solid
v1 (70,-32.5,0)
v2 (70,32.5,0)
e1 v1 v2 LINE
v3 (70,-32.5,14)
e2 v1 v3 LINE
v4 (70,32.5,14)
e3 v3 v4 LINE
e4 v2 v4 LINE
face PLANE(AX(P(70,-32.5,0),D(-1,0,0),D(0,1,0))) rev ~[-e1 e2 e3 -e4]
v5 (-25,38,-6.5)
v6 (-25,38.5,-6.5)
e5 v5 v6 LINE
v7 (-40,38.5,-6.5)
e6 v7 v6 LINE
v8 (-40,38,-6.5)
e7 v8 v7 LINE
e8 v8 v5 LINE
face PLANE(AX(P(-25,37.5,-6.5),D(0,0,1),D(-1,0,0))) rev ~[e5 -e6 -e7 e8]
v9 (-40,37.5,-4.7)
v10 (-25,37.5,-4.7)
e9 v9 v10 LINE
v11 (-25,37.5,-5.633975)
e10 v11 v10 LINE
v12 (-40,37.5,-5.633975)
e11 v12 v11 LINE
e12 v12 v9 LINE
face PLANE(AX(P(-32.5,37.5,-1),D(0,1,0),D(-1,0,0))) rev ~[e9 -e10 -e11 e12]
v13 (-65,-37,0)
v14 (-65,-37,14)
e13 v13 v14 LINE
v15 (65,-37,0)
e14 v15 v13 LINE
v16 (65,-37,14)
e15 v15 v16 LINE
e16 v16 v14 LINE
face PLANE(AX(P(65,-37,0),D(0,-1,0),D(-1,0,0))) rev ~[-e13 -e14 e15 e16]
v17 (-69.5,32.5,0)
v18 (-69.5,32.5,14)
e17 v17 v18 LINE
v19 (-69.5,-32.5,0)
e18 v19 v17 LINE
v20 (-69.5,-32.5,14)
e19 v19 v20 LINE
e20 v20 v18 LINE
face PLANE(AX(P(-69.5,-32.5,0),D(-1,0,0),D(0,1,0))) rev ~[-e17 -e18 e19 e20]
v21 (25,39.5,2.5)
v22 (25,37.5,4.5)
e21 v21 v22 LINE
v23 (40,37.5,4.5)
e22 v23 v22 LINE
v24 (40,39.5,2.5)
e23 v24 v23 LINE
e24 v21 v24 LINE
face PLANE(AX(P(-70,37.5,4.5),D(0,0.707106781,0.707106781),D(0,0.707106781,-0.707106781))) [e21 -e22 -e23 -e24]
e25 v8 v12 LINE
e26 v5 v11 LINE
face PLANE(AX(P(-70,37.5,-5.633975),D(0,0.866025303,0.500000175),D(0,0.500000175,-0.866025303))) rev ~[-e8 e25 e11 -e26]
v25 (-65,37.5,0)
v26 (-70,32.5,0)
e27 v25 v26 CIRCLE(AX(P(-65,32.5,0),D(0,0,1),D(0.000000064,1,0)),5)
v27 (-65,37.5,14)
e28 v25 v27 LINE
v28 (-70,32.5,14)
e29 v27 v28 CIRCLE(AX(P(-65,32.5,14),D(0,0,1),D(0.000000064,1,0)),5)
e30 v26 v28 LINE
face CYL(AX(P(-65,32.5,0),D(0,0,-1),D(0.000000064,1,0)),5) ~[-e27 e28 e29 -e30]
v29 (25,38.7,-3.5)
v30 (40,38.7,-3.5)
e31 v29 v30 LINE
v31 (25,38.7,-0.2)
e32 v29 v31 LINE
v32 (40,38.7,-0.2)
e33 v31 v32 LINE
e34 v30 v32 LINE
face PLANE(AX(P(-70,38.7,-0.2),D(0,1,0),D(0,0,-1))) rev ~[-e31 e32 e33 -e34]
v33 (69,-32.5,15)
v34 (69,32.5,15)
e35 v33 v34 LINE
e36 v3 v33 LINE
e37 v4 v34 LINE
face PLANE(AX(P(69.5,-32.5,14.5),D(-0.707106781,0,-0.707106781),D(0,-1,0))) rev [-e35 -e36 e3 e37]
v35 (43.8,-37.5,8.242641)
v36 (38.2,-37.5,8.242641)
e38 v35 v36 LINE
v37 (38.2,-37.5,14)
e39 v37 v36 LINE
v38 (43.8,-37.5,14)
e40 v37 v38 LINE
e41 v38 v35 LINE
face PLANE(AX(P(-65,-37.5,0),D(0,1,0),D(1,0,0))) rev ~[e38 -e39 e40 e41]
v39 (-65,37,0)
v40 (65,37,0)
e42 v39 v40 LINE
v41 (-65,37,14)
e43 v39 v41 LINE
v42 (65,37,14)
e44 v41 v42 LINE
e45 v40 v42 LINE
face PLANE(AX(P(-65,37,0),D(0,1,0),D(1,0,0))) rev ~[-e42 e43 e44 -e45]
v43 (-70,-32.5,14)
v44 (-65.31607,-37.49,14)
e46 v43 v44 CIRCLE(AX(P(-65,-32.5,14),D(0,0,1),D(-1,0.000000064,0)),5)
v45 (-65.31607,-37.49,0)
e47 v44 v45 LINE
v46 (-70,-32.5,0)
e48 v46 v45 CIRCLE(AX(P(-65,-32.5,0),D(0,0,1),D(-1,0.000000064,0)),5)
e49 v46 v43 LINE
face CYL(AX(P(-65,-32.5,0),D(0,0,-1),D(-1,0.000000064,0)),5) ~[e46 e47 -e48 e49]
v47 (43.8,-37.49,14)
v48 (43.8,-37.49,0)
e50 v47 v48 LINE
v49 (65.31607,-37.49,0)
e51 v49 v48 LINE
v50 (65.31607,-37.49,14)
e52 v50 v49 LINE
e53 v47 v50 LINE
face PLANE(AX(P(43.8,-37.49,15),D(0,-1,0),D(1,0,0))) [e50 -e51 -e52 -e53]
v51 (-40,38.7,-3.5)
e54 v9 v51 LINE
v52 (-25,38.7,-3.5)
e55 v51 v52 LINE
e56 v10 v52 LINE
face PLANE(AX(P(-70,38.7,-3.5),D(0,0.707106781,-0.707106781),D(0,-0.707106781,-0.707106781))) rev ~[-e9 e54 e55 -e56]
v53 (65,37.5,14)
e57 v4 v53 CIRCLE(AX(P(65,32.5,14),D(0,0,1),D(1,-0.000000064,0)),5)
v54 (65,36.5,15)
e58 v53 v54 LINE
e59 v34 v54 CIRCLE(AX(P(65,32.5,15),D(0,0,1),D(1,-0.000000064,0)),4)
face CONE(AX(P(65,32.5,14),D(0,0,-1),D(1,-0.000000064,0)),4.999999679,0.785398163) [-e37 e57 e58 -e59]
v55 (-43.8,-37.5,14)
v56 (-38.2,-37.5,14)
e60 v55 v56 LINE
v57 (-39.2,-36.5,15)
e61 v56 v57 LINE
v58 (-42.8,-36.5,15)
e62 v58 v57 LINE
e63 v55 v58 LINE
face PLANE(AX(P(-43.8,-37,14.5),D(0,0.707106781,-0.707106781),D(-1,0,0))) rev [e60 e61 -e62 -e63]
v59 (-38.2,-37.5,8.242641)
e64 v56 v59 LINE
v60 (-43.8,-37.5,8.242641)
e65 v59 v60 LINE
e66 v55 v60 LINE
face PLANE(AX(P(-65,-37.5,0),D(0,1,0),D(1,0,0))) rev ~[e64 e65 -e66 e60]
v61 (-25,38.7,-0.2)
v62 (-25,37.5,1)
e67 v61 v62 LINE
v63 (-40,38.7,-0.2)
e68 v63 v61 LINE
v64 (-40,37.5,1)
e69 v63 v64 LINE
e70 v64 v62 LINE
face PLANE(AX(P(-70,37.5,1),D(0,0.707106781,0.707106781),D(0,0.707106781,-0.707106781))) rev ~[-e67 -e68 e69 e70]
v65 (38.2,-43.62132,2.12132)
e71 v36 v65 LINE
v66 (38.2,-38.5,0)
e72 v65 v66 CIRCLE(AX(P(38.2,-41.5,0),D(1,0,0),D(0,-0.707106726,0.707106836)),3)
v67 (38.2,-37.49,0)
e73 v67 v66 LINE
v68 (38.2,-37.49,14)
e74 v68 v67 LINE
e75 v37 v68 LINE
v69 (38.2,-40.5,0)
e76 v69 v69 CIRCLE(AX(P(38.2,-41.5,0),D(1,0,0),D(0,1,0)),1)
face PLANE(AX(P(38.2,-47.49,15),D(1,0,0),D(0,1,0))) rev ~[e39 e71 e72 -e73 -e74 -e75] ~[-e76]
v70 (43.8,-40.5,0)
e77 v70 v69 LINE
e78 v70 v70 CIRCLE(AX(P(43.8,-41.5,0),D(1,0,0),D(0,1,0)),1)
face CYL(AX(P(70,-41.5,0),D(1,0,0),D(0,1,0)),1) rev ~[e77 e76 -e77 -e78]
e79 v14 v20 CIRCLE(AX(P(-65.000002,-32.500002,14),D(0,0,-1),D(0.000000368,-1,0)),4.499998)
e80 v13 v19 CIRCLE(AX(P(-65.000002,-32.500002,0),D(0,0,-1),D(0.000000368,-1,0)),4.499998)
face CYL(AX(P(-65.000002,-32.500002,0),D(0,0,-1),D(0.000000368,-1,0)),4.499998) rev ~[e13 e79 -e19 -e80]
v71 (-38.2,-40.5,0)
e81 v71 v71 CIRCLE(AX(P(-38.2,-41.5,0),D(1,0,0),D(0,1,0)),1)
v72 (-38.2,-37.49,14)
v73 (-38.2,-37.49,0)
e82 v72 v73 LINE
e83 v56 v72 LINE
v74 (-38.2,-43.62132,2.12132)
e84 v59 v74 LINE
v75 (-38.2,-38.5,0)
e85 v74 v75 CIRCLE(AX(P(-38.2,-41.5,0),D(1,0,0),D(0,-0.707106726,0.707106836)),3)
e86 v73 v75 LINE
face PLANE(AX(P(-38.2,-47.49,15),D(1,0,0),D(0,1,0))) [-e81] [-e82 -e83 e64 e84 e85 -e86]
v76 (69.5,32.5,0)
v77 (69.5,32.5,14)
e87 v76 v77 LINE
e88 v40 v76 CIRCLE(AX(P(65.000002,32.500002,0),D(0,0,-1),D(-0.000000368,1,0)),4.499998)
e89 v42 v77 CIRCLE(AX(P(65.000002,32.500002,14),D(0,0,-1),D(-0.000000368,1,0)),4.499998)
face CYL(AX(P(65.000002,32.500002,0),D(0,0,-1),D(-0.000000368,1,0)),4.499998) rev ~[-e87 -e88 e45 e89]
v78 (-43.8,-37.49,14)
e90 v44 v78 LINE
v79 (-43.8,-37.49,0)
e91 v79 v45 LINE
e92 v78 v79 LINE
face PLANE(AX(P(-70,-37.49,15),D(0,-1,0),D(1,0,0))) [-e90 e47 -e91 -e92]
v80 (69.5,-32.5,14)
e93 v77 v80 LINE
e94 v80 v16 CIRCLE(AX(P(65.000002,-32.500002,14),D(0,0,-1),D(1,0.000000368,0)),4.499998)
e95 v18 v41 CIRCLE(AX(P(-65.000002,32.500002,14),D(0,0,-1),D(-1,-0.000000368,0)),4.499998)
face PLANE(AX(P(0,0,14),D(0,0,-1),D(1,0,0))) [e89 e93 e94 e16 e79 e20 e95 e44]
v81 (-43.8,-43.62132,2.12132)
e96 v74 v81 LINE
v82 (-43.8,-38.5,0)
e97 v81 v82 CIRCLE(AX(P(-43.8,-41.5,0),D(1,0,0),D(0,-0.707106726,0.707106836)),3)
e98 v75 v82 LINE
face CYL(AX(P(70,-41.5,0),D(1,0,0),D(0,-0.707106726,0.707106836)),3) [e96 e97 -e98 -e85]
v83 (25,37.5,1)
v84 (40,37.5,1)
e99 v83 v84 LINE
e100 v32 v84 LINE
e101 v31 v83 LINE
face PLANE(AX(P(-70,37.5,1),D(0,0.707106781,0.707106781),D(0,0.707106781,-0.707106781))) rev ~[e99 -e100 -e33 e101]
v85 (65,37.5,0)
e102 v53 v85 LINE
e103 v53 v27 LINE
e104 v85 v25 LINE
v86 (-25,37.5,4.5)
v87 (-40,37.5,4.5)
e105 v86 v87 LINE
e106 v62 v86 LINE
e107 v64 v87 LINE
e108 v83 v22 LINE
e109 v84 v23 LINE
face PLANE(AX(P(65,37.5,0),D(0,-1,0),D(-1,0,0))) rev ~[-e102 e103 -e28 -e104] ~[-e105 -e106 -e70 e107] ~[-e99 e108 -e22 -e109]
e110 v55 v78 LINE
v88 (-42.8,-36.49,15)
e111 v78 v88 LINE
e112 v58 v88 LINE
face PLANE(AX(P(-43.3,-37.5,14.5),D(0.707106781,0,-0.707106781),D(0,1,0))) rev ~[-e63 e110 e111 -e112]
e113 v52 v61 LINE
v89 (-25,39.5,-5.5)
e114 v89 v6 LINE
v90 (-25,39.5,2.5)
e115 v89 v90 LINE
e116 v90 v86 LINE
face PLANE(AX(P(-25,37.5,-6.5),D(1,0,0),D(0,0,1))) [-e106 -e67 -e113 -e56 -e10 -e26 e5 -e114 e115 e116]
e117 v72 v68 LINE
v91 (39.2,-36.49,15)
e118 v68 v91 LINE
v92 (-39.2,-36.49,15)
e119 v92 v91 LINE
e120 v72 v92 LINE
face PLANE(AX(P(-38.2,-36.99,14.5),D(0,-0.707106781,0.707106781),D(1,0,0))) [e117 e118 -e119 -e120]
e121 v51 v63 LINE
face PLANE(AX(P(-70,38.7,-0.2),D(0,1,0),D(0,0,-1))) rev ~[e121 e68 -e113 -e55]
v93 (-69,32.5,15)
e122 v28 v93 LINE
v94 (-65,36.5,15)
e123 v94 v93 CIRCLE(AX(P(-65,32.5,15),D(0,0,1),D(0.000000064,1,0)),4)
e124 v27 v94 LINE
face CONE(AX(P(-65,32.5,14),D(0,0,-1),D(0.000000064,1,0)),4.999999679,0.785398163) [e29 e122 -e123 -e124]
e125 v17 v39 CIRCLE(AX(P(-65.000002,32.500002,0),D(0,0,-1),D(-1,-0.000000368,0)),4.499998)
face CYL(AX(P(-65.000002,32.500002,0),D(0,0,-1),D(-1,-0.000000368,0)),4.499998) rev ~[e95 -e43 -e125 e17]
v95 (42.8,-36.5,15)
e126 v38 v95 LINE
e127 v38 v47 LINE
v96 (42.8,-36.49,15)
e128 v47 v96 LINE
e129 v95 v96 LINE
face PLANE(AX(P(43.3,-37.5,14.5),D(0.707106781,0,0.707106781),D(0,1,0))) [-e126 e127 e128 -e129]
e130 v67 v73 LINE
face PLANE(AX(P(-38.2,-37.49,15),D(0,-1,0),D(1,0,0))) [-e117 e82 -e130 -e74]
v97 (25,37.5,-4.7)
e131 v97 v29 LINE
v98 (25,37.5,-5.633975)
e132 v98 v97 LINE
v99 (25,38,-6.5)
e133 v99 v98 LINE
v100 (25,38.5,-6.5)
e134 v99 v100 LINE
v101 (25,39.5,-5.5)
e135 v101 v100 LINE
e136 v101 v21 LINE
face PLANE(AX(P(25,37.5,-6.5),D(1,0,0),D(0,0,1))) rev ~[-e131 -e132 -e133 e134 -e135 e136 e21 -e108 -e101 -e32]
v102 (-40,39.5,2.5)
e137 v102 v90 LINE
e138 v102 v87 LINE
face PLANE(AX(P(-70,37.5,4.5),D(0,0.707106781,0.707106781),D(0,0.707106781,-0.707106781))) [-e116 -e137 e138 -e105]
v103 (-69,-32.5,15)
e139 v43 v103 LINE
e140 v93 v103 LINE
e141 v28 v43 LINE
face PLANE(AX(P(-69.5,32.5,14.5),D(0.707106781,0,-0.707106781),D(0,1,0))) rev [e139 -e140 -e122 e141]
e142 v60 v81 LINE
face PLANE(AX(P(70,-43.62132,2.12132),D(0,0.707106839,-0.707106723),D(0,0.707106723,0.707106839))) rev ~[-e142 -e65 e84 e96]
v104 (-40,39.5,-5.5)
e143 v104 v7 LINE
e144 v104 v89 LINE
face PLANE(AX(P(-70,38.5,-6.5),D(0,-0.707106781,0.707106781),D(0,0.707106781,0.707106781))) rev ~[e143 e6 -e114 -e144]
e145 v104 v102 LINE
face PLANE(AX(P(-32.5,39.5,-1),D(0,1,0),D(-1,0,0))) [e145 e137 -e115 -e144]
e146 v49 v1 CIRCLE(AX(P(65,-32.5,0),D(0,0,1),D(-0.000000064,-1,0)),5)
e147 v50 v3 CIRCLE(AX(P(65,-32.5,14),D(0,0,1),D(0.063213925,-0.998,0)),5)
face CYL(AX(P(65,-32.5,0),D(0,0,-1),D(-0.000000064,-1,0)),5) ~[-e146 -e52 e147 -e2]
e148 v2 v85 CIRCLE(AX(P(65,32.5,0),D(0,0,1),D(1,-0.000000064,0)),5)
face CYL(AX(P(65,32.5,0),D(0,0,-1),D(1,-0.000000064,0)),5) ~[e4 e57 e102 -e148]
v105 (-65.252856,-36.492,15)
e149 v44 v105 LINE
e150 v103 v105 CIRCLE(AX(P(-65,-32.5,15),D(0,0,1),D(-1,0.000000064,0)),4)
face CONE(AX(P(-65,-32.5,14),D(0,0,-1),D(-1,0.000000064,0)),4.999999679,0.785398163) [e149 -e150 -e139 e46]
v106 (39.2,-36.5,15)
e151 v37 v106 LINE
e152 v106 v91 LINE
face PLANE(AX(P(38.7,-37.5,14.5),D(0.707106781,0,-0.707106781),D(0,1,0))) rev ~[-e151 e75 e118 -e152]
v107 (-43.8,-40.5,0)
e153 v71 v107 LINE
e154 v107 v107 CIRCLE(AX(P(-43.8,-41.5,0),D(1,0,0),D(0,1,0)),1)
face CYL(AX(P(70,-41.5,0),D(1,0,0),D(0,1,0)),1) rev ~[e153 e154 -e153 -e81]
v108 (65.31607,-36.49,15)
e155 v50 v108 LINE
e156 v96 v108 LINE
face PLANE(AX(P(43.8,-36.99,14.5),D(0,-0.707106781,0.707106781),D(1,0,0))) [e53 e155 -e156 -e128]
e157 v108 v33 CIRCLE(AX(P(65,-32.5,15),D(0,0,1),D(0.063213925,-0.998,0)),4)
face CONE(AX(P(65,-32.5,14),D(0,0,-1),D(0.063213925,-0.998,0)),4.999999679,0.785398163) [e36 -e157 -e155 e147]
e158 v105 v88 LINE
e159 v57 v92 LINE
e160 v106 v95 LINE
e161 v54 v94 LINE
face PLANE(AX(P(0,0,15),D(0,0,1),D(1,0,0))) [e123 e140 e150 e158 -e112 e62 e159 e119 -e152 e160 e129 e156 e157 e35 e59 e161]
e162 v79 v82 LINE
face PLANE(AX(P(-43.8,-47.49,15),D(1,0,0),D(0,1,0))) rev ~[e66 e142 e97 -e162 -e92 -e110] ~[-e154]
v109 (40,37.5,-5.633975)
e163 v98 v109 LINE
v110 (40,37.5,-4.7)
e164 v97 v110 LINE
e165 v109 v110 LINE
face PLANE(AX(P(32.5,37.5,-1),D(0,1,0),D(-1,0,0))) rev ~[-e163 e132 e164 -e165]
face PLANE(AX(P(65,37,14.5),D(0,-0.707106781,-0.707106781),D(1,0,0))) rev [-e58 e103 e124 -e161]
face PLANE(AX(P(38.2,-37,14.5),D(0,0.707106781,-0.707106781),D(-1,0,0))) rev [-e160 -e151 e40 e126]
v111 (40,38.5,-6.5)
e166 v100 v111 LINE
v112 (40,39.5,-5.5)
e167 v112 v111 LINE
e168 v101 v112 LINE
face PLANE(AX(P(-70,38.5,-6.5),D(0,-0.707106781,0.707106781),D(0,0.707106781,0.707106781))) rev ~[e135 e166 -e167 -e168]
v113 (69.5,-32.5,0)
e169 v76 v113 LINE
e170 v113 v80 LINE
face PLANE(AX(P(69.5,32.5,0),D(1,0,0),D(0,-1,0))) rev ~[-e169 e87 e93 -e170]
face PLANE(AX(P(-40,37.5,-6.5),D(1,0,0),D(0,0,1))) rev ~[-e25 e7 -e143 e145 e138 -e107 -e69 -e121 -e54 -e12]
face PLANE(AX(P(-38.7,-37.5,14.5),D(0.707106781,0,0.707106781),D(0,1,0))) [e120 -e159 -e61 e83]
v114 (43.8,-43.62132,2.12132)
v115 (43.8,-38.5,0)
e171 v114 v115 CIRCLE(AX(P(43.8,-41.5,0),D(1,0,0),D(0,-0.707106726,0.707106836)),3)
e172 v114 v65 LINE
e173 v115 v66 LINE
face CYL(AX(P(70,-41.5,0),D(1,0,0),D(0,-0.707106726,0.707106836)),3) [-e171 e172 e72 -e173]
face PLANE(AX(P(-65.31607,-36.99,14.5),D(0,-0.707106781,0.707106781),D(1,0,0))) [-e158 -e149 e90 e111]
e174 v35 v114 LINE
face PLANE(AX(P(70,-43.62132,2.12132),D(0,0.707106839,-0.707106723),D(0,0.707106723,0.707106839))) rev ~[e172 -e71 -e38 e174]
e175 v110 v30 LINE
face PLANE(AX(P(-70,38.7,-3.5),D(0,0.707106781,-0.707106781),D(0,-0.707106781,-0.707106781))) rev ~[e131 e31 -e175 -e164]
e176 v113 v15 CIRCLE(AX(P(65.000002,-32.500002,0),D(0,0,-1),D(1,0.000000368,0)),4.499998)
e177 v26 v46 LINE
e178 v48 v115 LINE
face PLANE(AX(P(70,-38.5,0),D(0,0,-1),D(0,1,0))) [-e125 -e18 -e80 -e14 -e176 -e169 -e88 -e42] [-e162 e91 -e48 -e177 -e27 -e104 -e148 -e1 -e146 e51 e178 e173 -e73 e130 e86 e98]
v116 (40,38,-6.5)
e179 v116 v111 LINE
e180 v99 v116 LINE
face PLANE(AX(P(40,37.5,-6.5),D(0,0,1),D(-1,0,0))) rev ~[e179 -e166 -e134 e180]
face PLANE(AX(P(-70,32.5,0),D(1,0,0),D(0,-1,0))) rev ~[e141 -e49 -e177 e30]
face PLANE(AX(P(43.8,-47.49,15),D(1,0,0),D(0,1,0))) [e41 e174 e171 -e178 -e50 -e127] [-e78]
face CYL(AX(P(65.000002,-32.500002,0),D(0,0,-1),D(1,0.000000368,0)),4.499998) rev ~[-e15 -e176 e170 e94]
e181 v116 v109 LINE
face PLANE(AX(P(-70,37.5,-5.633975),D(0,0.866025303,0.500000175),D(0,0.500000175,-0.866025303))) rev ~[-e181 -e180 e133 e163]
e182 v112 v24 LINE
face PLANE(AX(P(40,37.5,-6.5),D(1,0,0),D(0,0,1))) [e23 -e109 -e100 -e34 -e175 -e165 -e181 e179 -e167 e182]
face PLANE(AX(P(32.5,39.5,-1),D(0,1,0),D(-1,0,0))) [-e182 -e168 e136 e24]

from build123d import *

# Parameters (mm, degrees)
PAD002_DEPTH         = 15
POCKET002_DEPTH      = 14
SKETCH006_R          = 1
PAD003_DEPTH         = 140
SKETCH007_W          = 26.2
SKETCH007_H          = 10
SKETCH007_W_2        = 76.4
POCKET003_DEPTH      = 18.001
SKETCH011_W          = 15
SKETCH011_H          = 11
PAD005_DEPTH         = 2
POCKET006_DEPTH      = 140.001
POCKET006_DEPTH_BACK = 0.001
CHAMFER_SIZE         = 1


with BuildPart() as part:
    # Sketch004 → Pad002 (new body)
    with BuildSketch(Plane.XY):
        with BuildLine():
            Line((-70, 32.5), (-70, -32.5))
            ThreePointArc((-70, -32.5), (-68.535534, -36.035534), (-65, -37.5))
            Line((-65, -37.5), (65, -37.5))
            ThreePointArc((65, -37.5), (68.535534, -36.035534), (70, -32.5))
            Line((70, -32.5), (70, 32.5))
            ThreePointArc((70, 32.5), (68.535534, 36.035534), (65, 37.5))
            Line((65, 37.5), (-65, 37.5))
            ThreePointArc((-65, 37.5), (-68.535534, 36.035534), (-70, 32.5))
        make_face()
    extrude(amount=PAD002_DEPTH)

    # Sketch005 (on Face9 of Pad002) → Pocket002 (cut)
    with BuildSketch(Plane(origin=(0, 0, 0), x_dir=(1, 0, 0), z_dir=(0, 0, -1))):
        with BuildLine():
            Line((-69.5, 32.5), (-69.5, -32.5))
            ThreePointArc((-69.5, -32.5), (-68.181981, -35.681981), (-65, -37))
            Line((-65, -37), (65, -37))
            ThreePointArc((65, -37), (68.181981, -35.681981), (69.5, -32.5))
            Line((69.5, -32.5), (69.5, 32.5))
            ThreePointArc((69.5, 32.5), (68.181981, 35.681981), (65, 37))
            Line((65, 37), (-65, 37))
            ThreePointArc((-65, 37), (-68.181981, 35.681981), (-69.5, 32.5))
        make_face()
    extrude(amount=-POCKET002_DEPTH, mode=Mode.SUBTRACT)

    # Sketch006 (on Face10 of Pocket002) → Pad003 (join)
    with BuildSketch(Plane.YZ.offset(70)):
        with BuildLine():
            ThreePointArc((-43.62132, 2.12132), (-42.64805, -2.771639), (-38.5, 0))
            Line((-38.5, 0), (-37.5, 0))
            Line((-37.5, 0), (-37.5, 8.242641))
            Line((-43.62132, 2.12132), (-37.5, 8.242641))
        make_face()
        with Locations((-41.5, 0)):
            Circle(SKETCH006_R, mode=Mode.SUBTRACT)
    extrude(amount=-PAD003_DEPTH)

    # Sketch007 (on Face4 of Pad003) → Pocket003 (cut, through all)
    with BuildSketch(Plane.XY.offset(15)):
        with Locations((56.9, -42.49)):
            Rectangle(SKETCH007_W, SKETCH007_H)
        with Locations((0, -42.49)):
            Rectangle(SKETCH007_W_2, SKETCH007_H)
        with Locations((-56.9, -42.49)):
            Rectangle(SKETCH007_W, SKETCH007_H)
    extrude(amount=-POCKET003_DEPTH, mode=Mode.SUBTRACT)

    # Sketch011 (on Face6 of Pocket003) → Pad005 (join)
    with BuildSketch(Plane(origin=(0, 37.5, 0), x_dir=(-1, 0, 0), z_dir=(0, 1, 0))):
        with Locations((32.5, -1)):
            Rectangle(SKETCH011_W, SKETCH011_H)
        with Locations((-32.5, -1)):
            Rectangle(SKETCH011_W, SKETCH011_H)
    extrude(amount=PAD005_DEPTH)

    # Sketch012 (on Face1 of Pad005) → Pocket006 (cut, two sides)
    with BuildSketch(Plane(origin=(-70, 0, 0), x_dir=(0, -1, 0), z_dir=(-1, 0, 0))) as pocket006_sk:
        Polygon((-38.5, -6.5), (-39.5, -5.5), (-39.5, -6.5), align=None)
        Polygon((-37.5, 4.5), (-39.5, 2.5), (-39.5, 4.5), align=None)
        Polygon((-37.5, 1), (-38.7, -0.2), (-38.7, -3.5), (-37.5, -4.7), align=None)
        Polygon((-37.5, -5.633975), (-38, -6.5), (-37.5, -6.5), align=None)
    extrude(amount=-POCKET006_DEPTH, mode=Mode.SUBTRACT)
    extrude(pocket006_sk.sketch, amount=POCKET006_DEPTH_BACK, mode=Mode.SUBTRACT)

    # Chamfer
    chamfer_edges = [part.edges().sort_by_distance(p)[0] for p in [
        (-68.535534, 36.035534, 15),
        (0, 37.5, 15),
        (68.535534, 36.035534, 15),
        (70, 0, 15),
        (68.645569, -35.921962, 15),
        (54.558035, -37.49, 15),
        (43.8, -37.495, 15),
        (41, -37.5, 15),
        (38.2, -37.495, 15),
        (0, -37.49, 15),
        (-38.2, -37.495, 15),
        (-41, -37.5, 15),
        (-43.8, -37.495, 15),
        (-54.558035, -37.49, 15),
        (-68.645569, -35.921962, 15),
        (-70, 0, 15),
    ]]
    chamfer(chamfer_edges, length=CHAMFER_SIZE)


solid = part.part
